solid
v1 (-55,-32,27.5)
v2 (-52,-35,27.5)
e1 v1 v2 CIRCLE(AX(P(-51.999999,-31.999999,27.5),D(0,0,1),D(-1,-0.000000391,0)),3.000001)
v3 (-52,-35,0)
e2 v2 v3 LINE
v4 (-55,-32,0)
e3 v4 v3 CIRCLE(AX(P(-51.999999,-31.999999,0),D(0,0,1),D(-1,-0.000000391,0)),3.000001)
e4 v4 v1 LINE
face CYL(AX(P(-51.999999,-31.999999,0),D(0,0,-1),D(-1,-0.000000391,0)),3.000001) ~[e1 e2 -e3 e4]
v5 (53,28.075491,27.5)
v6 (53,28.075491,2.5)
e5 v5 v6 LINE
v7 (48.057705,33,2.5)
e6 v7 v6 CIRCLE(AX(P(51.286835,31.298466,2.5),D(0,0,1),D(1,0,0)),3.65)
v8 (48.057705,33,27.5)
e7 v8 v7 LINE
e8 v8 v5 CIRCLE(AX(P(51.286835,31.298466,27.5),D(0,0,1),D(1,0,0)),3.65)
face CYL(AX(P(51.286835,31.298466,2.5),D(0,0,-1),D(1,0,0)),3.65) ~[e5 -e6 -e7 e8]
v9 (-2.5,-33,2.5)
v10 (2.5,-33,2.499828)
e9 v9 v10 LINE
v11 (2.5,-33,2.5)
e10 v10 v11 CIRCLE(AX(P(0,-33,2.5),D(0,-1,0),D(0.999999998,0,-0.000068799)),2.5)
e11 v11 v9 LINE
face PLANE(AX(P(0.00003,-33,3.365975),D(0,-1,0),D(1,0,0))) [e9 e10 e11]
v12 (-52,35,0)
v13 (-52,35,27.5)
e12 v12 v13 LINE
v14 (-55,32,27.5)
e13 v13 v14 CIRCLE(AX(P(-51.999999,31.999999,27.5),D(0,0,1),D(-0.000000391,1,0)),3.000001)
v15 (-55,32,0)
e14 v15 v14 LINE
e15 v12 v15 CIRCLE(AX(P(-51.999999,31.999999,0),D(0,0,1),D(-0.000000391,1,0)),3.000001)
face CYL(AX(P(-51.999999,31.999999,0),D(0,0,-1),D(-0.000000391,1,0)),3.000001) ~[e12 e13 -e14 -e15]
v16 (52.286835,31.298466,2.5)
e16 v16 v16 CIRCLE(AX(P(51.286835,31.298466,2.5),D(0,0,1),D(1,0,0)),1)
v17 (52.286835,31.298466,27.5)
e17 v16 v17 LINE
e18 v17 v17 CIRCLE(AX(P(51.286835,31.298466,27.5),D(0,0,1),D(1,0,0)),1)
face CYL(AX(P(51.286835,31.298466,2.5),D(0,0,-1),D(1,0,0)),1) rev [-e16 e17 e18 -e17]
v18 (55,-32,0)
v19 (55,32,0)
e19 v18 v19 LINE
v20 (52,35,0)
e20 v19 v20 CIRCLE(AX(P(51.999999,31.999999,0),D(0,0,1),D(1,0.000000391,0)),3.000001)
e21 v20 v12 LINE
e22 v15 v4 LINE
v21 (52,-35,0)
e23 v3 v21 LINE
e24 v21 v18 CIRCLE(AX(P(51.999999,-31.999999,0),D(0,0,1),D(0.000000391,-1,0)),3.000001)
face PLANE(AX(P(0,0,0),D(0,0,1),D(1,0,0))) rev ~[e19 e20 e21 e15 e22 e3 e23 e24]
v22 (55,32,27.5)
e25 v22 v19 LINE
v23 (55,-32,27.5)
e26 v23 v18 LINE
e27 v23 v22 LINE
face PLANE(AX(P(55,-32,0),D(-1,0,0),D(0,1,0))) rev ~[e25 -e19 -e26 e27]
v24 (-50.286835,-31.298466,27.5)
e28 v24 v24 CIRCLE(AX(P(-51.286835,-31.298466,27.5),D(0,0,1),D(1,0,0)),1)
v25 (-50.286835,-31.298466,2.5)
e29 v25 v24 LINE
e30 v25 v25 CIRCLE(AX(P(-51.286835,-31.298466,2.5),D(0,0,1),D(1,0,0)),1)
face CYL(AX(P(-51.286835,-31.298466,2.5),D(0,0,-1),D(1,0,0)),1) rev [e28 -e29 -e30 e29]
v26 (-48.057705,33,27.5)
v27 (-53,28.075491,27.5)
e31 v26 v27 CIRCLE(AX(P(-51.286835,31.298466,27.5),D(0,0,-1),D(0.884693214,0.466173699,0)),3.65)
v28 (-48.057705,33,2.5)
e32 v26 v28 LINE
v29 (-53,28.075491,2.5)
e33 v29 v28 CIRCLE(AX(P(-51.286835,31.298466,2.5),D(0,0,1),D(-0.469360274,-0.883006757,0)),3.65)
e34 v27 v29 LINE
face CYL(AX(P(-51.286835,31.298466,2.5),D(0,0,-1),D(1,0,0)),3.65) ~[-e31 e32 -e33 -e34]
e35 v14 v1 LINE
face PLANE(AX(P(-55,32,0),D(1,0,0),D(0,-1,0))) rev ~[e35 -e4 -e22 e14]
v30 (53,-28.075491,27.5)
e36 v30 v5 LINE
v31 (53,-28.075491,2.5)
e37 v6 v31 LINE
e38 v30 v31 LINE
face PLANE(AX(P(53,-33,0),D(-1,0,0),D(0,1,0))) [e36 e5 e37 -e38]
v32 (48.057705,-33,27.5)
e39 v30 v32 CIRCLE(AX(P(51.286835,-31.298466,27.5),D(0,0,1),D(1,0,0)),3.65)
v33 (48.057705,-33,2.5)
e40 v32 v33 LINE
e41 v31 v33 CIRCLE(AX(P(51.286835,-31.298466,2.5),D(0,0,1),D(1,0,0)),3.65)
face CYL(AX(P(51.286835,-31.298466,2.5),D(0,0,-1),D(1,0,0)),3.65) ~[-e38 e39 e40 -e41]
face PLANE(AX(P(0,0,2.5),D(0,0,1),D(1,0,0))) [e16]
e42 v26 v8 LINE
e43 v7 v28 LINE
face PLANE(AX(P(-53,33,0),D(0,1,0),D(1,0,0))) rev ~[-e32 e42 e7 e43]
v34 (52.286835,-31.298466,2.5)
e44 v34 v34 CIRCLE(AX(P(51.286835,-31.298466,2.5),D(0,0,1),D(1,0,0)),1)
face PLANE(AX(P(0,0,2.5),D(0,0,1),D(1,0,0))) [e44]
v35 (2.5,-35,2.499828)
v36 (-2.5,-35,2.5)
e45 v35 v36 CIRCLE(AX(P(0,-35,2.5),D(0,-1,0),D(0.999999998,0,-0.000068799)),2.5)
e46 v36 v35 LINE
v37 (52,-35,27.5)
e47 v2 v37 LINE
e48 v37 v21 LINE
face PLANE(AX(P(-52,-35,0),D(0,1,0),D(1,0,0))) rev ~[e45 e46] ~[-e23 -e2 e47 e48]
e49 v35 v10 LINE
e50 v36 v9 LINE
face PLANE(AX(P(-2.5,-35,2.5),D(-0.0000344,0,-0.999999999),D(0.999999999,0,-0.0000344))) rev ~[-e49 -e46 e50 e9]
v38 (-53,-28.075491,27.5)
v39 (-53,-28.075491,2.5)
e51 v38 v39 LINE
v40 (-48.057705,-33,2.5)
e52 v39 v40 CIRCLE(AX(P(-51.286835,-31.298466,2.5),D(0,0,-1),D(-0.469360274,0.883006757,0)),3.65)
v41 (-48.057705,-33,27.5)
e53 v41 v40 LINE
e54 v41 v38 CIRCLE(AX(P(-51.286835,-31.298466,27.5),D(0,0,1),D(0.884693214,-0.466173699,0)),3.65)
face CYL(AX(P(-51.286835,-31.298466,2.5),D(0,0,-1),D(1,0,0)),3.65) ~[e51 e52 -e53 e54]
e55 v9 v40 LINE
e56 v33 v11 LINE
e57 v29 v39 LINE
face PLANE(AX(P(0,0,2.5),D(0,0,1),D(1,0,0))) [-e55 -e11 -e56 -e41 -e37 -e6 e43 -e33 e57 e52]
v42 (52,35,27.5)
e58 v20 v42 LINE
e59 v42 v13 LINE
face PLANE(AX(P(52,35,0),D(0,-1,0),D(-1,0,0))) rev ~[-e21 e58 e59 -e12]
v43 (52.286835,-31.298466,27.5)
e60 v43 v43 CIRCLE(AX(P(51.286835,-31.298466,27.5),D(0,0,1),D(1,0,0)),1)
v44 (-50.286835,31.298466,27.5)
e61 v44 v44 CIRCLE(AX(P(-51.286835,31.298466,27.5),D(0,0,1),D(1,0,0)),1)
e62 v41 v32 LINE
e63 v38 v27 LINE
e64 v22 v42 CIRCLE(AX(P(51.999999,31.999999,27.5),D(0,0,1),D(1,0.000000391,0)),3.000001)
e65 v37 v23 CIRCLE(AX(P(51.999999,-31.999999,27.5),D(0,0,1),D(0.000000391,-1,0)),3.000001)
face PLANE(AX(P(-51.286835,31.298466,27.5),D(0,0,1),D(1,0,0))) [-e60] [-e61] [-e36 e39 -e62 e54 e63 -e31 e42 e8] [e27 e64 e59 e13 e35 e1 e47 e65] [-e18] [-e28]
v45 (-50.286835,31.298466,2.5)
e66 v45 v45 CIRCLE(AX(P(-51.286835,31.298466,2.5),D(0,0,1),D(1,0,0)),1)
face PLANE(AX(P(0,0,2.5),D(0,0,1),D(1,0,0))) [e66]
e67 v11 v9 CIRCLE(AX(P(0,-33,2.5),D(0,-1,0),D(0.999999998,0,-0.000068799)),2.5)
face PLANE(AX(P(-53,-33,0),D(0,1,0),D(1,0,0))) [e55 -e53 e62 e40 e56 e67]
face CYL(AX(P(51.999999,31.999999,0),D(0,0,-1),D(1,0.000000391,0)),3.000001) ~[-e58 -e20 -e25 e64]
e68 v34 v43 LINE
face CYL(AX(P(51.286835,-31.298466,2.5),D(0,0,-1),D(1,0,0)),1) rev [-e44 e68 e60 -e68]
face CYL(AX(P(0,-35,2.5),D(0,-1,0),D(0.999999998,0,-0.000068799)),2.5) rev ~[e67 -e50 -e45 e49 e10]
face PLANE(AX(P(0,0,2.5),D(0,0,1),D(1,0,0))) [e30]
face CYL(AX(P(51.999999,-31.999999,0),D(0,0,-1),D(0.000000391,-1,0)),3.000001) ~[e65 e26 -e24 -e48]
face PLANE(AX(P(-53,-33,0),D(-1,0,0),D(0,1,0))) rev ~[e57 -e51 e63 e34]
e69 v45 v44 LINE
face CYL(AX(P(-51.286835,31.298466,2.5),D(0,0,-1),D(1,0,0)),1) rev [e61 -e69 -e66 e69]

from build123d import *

# Parameters (mm, degrees)
F0_W     = 106
F0_H     = 66
F1_DEPTH = 2.5
F2_DEPTH = 27.5
F3_R     = 3.65
F3_R_2   = 1
F4_DEPTH = 25
F7_DEPTH = 2


with BuildPart() as f1:
    # F0 (on Top) → F1 (new body)
    with BuildSketch(Plane.XY):
        with BuildLine():
            ThreePointArc((55, 32), (54.12132, 34.12132), (52, 35))
            Line((52, 35), (-52, 35))
            ThreePointArc((-52, 35), (-54.12132, 34.12132), (-55, 32))
            Line((-55, 32), (-55, -32))
            ThreePointArc((-55, -32), (-54.12132, -34.12132), (-52, -35))
            Line((-52, -35), (52, -35))
            ThreePointArc((52, -35), (54.12132, -34.12132), (55, -32))
            Line((55, -32), (55, 32))
        make_face()
        Rectangle(F0_W, F0_H, mode=Mode.SUBTRACT)
        Rectangle(F0_W, F0_H)
    extrude(amount=F1_DEPTH)

    # F0 (on Top) → F2 (join)
    with BuildSketch(Plane.XY):
        with BuildLine():
            ThreePointArc((55, 32), (54.12132, 34.12132), (52, 35))
            Line((52, 35), (-52, 35))
            ThreePointArc((-52, 35), (-54.12132, 34.12132), (-55, 32))
            Line((-55, 32), (-55, -32))
            ThreePointArc((-55, -32), (-54.12132, -34.12132), (-52, -35))
            Line((-52, -35), (52, -35))
            ThreePointArc((52, -35), (54.12132, -34.12132), (55, -32))
            Line((55, -32), (55, 32))
        make_face()
        Rectangle(F0_W, F0_H, mode=Mode.SUBTRACT)
    extrude(amount=F2_DEPTH)

    # F3 (on face) → F4 (join)
    with BuildSketch(Plane.XY.offset(2.5)):
        with Locations((-51.286835, 31.298466)):
            Circle(F3_R)
        with Locations((-51.286835, 31.298466)):
            Circle(F3_R_2, mode=Mode.SUBTRACT)
        with Locations((-51.286835, -31.298466)):
            Circle(F3_R)
        with Locations((-51.286835, -31.298466)):
            Circle(F3_R_2, mode=Mode.SUBTRACT)
        with Locations((51.286835, -31.298466)):
            Circle(F3_R)
        with Locations((51.286835, -31.298466)):
            Circle(F3_R_2, mode=Mode.SUBTRACT)
        with Locations((51.286835, 31.298466)):
            Circle(F3_R)
        with Locations((51.286835, 31.298466)):
            Circle(F3_R_2, mode=Mode.SUBTRACT)
    extrude(amount=F4_DEPTH)

    # F6 (on offset) → F7 (cut, through all)
    with BuildSketch(Plane.XZ.offset(35)):
        with BuildLine():
            Line((-2.5, 2.5), (2.5, 2.499828))
            ThreePointArc((2.5, 2.499828), (8.6e-05, 5), (-2.5, 2.5))
        make_face()
    extrude(amount=-F7_DEPTH, mode=Mode.SUBTRACT)


solid = f1.part
